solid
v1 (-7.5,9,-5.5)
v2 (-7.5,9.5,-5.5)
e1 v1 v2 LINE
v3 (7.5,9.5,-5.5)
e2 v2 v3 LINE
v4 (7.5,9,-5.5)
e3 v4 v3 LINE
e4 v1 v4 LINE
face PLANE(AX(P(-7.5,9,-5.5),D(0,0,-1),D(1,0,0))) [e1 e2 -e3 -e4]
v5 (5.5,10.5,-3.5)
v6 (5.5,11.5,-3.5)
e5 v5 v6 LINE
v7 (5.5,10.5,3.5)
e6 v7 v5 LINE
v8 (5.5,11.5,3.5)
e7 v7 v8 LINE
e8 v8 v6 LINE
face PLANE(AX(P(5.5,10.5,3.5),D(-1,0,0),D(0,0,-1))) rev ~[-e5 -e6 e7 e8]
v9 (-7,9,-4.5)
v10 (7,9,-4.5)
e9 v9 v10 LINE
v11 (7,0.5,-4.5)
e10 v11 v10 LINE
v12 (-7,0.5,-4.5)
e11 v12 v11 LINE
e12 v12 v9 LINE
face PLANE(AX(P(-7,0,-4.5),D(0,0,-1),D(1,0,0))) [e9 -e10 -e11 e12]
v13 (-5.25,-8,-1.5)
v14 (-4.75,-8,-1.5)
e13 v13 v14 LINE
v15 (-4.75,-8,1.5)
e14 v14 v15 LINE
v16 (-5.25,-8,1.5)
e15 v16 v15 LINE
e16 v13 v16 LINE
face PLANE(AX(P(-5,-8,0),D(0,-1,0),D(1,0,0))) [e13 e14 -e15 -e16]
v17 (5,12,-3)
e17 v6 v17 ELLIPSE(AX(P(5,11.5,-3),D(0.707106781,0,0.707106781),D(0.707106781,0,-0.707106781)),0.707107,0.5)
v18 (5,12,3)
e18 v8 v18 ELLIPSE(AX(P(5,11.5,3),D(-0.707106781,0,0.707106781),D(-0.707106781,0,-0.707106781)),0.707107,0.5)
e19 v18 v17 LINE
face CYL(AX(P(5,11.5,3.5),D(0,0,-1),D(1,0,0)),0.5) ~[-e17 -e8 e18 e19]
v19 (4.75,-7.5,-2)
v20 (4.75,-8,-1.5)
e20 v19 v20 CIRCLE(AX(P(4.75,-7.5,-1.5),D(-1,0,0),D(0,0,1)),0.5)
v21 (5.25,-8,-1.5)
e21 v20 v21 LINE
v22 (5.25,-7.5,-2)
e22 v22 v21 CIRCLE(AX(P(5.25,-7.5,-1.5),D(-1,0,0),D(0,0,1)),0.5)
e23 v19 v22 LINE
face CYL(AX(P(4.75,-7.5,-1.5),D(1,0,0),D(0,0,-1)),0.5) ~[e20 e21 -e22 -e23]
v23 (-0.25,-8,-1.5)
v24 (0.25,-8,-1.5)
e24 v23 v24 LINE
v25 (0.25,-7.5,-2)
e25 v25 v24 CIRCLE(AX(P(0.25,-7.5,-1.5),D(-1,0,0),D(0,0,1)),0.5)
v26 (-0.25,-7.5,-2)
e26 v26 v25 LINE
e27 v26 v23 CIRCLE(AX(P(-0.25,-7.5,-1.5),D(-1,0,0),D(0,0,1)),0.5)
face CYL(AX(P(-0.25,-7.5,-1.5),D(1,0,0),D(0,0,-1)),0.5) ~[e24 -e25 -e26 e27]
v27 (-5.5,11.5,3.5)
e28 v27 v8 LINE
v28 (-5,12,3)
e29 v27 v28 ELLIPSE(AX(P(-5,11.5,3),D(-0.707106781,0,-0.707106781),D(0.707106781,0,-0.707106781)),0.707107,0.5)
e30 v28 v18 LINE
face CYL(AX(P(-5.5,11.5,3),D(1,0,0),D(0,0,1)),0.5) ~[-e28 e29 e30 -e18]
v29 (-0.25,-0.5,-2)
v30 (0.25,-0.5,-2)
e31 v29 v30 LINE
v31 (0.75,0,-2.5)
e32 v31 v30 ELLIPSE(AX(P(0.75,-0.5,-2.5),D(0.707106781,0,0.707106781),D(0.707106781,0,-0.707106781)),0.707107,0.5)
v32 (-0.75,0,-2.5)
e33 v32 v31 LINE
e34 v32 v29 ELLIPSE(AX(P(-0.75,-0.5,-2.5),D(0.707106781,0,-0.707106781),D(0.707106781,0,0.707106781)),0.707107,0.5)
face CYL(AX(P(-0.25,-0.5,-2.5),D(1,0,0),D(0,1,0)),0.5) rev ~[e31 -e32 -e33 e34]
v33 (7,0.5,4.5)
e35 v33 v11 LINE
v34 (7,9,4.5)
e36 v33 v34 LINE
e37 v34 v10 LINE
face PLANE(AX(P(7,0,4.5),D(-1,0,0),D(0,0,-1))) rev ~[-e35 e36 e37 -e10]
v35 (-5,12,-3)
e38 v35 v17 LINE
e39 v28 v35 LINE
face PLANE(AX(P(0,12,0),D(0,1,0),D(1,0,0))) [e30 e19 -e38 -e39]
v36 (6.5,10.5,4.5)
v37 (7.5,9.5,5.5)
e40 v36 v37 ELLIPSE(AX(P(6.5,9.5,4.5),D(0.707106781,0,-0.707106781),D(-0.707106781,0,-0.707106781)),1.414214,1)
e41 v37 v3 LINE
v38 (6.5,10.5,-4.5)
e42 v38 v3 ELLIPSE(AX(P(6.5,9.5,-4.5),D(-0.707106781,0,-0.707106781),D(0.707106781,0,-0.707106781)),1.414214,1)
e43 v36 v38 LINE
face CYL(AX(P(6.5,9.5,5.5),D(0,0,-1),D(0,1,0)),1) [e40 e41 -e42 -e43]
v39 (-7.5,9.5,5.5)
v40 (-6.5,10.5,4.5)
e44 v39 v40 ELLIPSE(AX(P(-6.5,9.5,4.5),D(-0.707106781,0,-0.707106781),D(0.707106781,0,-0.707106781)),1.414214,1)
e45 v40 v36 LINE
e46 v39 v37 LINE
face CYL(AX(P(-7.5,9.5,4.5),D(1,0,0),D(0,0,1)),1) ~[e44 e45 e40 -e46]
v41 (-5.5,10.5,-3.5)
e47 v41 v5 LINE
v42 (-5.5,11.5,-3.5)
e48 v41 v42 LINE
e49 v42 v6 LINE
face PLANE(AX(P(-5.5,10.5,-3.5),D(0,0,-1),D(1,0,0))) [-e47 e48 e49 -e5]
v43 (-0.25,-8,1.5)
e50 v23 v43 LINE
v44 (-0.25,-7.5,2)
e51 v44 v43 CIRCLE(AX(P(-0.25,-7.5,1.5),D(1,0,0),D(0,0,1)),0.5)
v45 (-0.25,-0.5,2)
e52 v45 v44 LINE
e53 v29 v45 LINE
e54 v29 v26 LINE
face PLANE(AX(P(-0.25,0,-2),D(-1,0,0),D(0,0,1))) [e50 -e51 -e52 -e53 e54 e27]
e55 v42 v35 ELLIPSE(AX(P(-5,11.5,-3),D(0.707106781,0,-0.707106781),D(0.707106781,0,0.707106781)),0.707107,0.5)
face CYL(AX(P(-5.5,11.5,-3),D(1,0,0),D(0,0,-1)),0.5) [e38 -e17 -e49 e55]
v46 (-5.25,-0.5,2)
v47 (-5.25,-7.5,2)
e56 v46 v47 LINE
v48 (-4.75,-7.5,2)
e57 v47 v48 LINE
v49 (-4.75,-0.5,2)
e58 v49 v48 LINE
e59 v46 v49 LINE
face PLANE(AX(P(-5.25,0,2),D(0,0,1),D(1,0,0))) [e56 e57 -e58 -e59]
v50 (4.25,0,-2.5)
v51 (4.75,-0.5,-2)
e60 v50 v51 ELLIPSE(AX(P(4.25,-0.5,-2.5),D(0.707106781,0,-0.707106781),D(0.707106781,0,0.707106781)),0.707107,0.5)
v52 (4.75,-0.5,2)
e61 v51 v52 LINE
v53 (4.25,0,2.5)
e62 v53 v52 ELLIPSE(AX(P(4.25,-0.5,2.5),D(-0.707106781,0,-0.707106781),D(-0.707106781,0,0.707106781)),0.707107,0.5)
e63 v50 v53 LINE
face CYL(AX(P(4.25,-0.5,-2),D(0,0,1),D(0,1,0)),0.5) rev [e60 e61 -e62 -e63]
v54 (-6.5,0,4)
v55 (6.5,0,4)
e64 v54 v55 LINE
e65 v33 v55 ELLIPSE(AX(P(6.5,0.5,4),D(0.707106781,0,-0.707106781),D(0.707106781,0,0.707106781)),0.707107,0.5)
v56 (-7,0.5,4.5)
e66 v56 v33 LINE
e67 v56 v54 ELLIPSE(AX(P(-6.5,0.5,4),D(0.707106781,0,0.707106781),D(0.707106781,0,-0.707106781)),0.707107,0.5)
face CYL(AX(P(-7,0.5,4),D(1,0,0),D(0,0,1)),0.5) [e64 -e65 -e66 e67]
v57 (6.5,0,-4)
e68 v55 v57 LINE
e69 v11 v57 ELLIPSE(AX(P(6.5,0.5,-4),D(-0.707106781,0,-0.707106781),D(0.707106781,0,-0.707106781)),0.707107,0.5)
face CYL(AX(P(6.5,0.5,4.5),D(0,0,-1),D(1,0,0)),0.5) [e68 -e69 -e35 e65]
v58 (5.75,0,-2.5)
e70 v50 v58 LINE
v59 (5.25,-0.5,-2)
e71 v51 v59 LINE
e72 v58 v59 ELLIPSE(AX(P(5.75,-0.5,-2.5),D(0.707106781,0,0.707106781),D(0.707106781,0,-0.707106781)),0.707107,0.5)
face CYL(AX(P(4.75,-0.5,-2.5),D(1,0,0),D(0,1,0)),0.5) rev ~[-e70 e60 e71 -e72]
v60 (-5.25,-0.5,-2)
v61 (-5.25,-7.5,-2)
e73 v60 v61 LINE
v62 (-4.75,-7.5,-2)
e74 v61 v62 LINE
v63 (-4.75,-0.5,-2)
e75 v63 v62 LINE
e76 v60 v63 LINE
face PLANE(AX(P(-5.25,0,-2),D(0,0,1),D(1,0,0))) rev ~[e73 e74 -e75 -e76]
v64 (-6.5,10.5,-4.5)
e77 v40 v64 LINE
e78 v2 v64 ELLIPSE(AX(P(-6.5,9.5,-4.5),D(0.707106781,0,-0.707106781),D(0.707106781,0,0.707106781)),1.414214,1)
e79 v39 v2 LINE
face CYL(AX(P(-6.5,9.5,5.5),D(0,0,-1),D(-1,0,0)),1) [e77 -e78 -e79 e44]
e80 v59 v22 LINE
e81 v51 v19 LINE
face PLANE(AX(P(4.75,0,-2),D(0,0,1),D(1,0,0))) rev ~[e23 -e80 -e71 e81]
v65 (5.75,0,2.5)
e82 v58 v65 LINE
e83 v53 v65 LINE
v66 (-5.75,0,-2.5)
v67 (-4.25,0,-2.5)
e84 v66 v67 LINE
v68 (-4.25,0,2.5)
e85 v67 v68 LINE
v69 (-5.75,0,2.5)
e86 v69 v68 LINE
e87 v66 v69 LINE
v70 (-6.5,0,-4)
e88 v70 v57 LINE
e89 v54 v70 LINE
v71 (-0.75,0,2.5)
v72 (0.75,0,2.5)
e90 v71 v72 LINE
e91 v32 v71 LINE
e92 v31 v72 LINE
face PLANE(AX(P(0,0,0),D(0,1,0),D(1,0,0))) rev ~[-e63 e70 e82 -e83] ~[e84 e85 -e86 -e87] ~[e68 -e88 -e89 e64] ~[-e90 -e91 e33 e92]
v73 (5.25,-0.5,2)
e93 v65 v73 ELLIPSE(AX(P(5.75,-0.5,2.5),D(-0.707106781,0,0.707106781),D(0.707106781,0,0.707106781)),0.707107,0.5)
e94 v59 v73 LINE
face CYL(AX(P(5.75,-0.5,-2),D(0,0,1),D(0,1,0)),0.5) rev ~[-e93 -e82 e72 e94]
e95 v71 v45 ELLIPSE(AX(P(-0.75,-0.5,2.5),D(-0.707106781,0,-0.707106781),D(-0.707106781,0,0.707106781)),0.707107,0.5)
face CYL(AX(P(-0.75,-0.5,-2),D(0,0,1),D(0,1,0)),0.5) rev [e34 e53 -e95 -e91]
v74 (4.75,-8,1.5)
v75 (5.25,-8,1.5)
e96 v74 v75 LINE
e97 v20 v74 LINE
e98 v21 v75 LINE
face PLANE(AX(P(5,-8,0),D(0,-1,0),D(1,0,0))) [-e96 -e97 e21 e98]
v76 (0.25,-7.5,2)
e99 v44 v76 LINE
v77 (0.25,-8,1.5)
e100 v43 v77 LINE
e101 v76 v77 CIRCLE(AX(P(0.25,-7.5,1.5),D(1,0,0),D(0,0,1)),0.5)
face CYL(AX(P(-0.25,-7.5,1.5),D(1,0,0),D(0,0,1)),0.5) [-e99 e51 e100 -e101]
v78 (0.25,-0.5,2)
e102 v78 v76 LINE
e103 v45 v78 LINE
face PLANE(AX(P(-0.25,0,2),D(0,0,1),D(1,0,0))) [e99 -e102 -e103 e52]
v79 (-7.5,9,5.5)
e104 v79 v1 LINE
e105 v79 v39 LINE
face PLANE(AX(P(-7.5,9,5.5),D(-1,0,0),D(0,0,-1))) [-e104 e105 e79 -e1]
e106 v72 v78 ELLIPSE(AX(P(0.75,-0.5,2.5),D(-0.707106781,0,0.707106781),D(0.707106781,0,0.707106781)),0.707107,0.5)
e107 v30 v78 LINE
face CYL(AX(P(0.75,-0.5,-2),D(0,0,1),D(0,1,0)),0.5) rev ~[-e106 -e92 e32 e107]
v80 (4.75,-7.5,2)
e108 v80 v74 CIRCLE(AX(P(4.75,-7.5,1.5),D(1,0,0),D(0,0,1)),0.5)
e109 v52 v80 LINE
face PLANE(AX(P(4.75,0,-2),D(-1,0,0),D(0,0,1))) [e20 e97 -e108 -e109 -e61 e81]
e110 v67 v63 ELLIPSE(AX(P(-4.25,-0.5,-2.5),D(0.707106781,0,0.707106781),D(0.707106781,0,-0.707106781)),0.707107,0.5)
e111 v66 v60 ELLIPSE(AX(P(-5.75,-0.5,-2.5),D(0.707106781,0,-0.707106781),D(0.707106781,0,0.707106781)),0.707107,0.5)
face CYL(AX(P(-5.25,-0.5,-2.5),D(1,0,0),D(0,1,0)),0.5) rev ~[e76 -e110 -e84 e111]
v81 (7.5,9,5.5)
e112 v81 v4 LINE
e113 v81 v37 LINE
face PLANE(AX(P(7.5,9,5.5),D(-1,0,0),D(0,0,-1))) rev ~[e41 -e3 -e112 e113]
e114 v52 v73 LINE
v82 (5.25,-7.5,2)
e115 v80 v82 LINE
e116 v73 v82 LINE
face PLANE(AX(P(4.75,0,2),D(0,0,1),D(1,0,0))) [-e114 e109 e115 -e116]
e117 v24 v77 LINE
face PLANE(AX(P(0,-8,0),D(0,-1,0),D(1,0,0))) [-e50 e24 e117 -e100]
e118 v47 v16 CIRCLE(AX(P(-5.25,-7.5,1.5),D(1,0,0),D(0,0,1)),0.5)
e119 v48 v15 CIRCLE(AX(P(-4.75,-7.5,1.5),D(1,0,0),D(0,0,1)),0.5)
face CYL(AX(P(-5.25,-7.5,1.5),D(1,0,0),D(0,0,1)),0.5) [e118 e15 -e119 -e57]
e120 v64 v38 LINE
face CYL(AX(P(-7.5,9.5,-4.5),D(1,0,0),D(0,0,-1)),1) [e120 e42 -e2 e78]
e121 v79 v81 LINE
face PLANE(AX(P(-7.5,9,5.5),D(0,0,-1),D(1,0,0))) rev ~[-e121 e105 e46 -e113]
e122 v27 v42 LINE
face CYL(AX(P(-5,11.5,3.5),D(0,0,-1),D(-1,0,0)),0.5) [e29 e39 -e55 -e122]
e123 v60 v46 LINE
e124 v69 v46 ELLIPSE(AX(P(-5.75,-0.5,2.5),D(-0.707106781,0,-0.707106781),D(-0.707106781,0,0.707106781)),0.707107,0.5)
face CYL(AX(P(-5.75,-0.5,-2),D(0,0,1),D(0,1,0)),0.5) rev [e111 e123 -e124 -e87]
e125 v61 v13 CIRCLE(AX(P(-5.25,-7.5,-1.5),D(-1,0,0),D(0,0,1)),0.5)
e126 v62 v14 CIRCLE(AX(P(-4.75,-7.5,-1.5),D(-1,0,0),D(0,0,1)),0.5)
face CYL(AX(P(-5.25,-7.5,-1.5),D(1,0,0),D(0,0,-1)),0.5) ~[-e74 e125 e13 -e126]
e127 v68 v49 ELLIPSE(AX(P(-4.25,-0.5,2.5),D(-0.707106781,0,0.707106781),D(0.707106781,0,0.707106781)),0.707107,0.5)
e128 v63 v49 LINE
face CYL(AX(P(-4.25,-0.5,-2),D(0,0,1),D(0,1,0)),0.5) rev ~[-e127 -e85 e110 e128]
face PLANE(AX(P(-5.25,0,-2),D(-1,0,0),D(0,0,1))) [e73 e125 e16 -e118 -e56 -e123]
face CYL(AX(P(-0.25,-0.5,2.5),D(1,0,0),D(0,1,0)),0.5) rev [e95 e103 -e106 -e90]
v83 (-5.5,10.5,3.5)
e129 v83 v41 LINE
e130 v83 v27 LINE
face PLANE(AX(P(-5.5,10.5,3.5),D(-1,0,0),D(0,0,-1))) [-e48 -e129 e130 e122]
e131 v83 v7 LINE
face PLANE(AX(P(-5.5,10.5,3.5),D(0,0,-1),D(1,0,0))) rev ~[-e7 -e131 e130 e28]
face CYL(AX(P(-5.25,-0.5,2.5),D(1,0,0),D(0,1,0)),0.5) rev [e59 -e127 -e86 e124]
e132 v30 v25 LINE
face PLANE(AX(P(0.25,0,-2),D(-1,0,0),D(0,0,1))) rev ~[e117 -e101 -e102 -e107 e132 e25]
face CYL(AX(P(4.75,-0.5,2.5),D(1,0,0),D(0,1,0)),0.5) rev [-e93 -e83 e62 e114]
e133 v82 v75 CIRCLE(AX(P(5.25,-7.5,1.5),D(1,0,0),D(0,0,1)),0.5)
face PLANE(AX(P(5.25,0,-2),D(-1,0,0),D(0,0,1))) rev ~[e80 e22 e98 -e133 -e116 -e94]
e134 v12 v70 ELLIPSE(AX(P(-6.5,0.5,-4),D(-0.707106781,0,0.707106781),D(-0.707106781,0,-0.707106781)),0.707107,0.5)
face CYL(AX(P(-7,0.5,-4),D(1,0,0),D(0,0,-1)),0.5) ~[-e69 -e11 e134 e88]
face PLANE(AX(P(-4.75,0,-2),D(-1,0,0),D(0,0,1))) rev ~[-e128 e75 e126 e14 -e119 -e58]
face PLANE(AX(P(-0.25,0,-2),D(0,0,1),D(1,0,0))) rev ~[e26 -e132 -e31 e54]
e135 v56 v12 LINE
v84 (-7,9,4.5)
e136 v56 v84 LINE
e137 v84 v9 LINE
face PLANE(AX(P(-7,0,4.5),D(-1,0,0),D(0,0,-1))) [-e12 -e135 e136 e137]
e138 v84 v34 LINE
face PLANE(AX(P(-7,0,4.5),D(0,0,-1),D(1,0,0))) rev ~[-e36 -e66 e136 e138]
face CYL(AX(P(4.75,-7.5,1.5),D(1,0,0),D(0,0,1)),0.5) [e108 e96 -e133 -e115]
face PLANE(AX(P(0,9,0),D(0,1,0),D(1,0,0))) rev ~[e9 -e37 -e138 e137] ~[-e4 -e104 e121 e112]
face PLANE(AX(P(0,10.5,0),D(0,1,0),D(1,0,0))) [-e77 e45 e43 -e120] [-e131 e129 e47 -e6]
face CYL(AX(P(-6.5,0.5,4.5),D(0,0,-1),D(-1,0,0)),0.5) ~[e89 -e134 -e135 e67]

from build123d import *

# Parameters (mm, degrees)
SKETCH_1_W      = 14
SKETCH_1_H      = 9
EXTRUDE_1_DEPTH = 9
SKETCH_2_W      = 15
SKETCH_2_H      = 11
EXTRUDE_2_DEPTH = 1.5
SKETCH_3_W      = 11
SKETCH_3_H      = 7
EXTRUDE_3_DEPTH = 1.5
SKETCH_4_W      = 0.5
SKETCH_4_H      = 4
EXTRUDE_4_DEPTH = 8
FILLET_1_R      = 1
FILLET_2_R      = 0.5
FILLET_3_R      = 0.5
FILLET_4_R      = 0.5


with BuildPart() as part:
    # Эскиз1 → Бобышка-Вытянуть1 (new body)
    with BuildSketch(Plane(origin=(0, 0, 0), x_dir=(1, 0, 0), z_dir=(0, 1, 0))):
        Rectangle(SKETCH_1_W, SKETCH_1_H)
    extrude(amount=EXTRUDE_1_DEPTH)

    # Эскиз2 → Бобышка-Вытянуть2 (add)
    with BuildSketch(Plane(origin=(0, 9, 0), x_dir=(1, 0, 0), z_dir=(0, 1, 0))):
        Rectangle(SKETCH_2_W, SKETCH_2_H)
    extrude(amount=EXTRUDE_2_DEPTH)

    # Эскиз3 → Бобышка-Вытянуть3 (add)
    with BuildSketch(Plane(origin=(0, 10.5, 0), x_dir=(1, 0, 0), z_dir=(0, 1, 0))):
        Rectangle(SKETCH_3_W, SKETCH_3_H)
    extrude(amount=EXTRUDE_3_DEPTH)

    # Эскиз4 → Бобышка-Вытянуть4 (add)
    with BuildSketch(Plane.XZ):
        Rectangle(SKETCH_4_W, SKETCH_4_H)
        with Locations((5, 0)):
            Rectangle(SKETCH_4_W, SKETCH_4_H)
        with Locations((-5, 0)):
            Rectangle(SKETCH_4_W, SKETCH_4_H)
    extrude(amount=EXTRUDE_4_DEPTH)

    # Скругление1
    fillet_1_edges = [part.edges().sort_by_distance(p)[0] for p in [
        (7.5, 10.5, 0),
        (0, 10.5, -5.5),
        (-7.5, 10.5, 0),
        (0, 10.5, 5.5),
    ]]
    fillet(fillet_1_edges, radius=FILLET_1_R)

    # Скругление2
    fillet_2_edges = [part.edges().sort_by_distance(p)[0] for p in [
        (5.5, 12, 0),
        (0, 12, -3.5),
        (-5.5, 12, 0),
        (0, 12, 3.5),
    ]]
    fillet(fillet_2_edges, radius=FILLET_2_R)

    # Скругление3
    fillet_3_edges = [part.edges().sort_by_distance(p)[0] for p in [
        (0, 0, 4.5),
        (-7, 0, 0),
        (0, 0, -4.5),
        (7, 0, 0),
    ]]
    fillet(fillet_3_edges, radius=FILLET_3_R)

    # Скругление4
    fillet_4_edges = [part.edges().sort_by_distance(p)[0] for p in [
        (0, 0, -2),
        (0.25, 0, 0),
        (0, -8, 2),
        (0, -8, -2),
        (-0.25, 0, 0),
        (0, 0, 2),
        (5, 0, -2),
        (5.25, 0, 0),
        (5, -8, 2),
        (5, -8, -2),
        (4.75, 0, 0),
        (5, 0, 2),
        (-5, 0, -2),
        (-4.75, 0, 0),
        (-5, -8, 2),
        (-5, -8, -2),
        (-5.25, 0, 0),
        (-5, 0, 2),
    ]]
    fillet(fillet_4_edges, radius=FILLET_4_R)


solid = part.part
